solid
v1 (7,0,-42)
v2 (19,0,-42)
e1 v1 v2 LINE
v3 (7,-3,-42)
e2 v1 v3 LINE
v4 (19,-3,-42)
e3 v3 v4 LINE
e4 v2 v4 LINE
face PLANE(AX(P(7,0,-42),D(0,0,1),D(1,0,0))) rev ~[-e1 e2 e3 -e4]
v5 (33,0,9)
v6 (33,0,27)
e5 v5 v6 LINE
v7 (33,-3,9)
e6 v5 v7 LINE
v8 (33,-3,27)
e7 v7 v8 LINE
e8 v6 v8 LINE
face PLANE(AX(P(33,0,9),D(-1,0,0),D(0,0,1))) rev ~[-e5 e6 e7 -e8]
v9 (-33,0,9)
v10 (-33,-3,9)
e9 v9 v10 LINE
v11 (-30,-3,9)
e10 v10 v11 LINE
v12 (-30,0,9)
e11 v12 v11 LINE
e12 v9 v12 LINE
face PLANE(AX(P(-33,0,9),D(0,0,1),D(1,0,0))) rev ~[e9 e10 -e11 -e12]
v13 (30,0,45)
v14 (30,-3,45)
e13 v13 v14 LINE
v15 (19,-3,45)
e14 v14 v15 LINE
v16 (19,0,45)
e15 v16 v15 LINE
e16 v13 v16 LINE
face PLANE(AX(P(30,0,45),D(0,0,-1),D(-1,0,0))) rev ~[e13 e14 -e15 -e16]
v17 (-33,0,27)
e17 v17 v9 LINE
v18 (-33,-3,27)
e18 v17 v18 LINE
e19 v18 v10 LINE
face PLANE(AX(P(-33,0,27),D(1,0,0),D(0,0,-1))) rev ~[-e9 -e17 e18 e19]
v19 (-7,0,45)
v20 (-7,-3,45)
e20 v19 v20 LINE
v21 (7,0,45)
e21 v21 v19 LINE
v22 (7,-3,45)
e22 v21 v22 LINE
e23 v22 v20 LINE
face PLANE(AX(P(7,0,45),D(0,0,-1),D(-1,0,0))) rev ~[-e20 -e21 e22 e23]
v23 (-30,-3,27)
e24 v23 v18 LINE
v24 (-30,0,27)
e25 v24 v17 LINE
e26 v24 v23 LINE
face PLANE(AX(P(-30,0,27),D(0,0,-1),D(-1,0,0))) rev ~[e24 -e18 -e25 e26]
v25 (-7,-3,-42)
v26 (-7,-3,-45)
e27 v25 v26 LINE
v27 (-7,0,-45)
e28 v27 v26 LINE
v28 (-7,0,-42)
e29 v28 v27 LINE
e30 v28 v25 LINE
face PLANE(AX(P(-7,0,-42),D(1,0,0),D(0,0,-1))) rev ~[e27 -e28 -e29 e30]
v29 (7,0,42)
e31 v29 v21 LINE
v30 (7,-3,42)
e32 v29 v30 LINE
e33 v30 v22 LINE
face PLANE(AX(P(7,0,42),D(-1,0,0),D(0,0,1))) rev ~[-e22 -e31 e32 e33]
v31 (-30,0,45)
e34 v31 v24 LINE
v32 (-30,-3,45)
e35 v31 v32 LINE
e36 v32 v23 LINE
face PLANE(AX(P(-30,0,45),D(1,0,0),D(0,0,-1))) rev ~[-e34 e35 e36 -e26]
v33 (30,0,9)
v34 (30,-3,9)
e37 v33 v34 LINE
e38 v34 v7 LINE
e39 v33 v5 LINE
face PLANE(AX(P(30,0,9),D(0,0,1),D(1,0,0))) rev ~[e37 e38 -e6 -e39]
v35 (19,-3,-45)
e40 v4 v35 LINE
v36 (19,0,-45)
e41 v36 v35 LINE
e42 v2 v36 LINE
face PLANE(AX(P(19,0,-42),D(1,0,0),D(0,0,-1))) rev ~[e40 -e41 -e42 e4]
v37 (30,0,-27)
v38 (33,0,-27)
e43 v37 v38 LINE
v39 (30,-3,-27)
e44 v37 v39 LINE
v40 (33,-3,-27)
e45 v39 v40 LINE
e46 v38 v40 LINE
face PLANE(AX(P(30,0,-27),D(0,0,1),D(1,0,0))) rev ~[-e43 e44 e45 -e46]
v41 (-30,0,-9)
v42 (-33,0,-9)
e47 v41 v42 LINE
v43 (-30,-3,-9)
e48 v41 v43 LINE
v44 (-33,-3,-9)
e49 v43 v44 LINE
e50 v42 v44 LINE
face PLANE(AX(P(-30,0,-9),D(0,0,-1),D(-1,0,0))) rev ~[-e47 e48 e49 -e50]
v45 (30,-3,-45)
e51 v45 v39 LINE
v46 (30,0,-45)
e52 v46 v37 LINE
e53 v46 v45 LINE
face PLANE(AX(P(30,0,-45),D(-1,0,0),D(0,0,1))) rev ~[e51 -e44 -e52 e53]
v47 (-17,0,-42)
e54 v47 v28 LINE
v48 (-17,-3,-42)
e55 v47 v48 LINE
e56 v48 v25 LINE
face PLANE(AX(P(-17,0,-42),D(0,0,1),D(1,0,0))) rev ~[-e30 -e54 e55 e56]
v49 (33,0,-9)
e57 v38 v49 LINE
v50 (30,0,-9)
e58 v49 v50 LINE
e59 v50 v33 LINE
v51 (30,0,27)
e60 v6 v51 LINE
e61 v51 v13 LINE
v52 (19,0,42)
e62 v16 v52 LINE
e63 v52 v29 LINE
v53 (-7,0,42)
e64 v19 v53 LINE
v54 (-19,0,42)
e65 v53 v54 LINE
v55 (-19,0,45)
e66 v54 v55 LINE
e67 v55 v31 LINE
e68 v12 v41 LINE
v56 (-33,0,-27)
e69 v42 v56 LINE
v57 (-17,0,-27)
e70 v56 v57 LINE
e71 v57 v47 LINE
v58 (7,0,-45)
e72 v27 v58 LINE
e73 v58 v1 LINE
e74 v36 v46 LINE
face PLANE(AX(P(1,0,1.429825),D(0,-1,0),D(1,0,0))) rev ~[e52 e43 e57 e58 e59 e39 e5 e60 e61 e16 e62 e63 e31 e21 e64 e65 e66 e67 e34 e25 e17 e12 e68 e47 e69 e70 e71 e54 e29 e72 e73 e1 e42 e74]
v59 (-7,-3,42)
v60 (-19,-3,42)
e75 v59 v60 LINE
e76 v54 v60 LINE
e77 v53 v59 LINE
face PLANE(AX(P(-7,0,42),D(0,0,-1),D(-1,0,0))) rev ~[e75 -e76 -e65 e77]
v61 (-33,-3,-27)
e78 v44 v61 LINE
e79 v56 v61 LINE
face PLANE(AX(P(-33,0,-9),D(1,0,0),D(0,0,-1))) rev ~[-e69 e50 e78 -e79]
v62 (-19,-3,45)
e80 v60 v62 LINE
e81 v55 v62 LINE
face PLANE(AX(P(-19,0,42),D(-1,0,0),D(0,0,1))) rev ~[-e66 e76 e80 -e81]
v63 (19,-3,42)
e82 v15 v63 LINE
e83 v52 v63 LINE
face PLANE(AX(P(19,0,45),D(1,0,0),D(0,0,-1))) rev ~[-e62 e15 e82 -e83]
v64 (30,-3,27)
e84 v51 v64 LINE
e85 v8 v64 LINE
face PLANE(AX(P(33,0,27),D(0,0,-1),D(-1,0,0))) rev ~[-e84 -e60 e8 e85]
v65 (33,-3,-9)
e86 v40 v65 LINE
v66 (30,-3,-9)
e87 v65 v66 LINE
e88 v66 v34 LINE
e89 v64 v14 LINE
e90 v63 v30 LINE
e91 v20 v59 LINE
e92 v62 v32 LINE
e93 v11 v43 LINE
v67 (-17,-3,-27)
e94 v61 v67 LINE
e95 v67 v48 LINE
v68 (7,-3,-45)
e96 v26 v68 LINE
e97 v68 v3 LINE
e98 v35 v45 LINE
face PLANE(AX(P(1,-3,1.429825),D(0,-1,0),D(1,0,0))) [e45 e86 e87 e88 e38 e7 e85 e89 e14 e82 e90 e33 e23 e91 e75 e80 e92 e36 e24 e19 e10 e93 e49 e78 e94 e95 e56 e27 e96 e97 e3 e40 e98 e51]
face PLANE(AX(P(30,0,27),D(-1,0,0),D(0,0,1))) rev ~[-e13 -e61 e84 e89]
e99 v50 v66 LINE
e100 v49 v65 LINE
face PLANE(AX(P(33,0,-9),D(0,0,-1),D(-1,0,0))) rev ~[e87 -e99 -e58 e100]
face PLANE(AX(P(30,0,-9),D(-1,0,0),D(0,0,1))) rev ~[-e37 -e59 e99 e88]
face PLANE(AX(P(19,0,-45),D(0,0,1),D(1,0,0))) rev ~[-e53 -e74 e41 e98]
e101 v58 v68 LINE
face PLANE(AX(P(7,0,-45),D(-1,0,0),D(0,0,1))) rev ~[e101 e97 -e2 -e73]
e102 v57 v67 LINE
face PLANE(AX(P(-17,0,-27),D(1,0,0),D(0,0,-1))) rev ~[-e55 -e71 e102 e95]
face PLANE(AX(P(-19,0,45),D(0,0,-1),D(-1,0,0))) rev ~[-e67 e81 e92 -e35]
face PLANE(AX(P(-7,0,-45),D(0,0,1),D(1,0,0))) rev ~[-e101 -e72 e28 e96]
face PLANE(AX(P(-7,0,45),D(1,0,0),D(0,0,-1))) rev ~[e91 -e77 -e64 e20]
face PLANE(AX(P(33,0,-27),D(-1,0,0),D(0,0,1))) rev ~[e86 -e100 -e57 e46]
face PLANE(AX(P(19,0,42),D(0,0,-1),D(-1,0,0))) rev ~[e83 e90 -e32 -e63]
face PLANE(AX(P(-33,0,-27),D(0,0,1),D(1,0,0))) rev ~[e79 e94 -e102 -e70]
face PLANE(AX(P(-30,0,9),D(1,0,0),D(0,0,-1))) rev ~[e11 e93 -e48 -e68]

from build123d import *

# Parameters (mm, degrees)
F1_DEPTH = 3


with BuildPart() as f1:
    # F0 (on Front) → F1 (new body)
    with BuildSketch(Plane.XZ):
        Polygon((-19, 45), (-30, 45), (-30, 27), (-33, 27), (-33, 9), (-30, 9), (-30, -9), (-33, -9), (-33, -27), (-30, -27), (-17, -27), (-17, -42), (-7, -42), (-7, -45), (7, -45), (7, -42), (19, -42), (19, -45), (30, -45), (30, -27), (33, -27), (33, -9), (30, -9), (30, 9), (33, 9), (33, 27), (30, 27), (30, 45), (19, 45), (19, 42), (7, 42), (7, 45), (-7, 45), (-7, 42), (-19, 42), align=None)
    extrude(amount=F1_DEPTH)


solid = f1.part
